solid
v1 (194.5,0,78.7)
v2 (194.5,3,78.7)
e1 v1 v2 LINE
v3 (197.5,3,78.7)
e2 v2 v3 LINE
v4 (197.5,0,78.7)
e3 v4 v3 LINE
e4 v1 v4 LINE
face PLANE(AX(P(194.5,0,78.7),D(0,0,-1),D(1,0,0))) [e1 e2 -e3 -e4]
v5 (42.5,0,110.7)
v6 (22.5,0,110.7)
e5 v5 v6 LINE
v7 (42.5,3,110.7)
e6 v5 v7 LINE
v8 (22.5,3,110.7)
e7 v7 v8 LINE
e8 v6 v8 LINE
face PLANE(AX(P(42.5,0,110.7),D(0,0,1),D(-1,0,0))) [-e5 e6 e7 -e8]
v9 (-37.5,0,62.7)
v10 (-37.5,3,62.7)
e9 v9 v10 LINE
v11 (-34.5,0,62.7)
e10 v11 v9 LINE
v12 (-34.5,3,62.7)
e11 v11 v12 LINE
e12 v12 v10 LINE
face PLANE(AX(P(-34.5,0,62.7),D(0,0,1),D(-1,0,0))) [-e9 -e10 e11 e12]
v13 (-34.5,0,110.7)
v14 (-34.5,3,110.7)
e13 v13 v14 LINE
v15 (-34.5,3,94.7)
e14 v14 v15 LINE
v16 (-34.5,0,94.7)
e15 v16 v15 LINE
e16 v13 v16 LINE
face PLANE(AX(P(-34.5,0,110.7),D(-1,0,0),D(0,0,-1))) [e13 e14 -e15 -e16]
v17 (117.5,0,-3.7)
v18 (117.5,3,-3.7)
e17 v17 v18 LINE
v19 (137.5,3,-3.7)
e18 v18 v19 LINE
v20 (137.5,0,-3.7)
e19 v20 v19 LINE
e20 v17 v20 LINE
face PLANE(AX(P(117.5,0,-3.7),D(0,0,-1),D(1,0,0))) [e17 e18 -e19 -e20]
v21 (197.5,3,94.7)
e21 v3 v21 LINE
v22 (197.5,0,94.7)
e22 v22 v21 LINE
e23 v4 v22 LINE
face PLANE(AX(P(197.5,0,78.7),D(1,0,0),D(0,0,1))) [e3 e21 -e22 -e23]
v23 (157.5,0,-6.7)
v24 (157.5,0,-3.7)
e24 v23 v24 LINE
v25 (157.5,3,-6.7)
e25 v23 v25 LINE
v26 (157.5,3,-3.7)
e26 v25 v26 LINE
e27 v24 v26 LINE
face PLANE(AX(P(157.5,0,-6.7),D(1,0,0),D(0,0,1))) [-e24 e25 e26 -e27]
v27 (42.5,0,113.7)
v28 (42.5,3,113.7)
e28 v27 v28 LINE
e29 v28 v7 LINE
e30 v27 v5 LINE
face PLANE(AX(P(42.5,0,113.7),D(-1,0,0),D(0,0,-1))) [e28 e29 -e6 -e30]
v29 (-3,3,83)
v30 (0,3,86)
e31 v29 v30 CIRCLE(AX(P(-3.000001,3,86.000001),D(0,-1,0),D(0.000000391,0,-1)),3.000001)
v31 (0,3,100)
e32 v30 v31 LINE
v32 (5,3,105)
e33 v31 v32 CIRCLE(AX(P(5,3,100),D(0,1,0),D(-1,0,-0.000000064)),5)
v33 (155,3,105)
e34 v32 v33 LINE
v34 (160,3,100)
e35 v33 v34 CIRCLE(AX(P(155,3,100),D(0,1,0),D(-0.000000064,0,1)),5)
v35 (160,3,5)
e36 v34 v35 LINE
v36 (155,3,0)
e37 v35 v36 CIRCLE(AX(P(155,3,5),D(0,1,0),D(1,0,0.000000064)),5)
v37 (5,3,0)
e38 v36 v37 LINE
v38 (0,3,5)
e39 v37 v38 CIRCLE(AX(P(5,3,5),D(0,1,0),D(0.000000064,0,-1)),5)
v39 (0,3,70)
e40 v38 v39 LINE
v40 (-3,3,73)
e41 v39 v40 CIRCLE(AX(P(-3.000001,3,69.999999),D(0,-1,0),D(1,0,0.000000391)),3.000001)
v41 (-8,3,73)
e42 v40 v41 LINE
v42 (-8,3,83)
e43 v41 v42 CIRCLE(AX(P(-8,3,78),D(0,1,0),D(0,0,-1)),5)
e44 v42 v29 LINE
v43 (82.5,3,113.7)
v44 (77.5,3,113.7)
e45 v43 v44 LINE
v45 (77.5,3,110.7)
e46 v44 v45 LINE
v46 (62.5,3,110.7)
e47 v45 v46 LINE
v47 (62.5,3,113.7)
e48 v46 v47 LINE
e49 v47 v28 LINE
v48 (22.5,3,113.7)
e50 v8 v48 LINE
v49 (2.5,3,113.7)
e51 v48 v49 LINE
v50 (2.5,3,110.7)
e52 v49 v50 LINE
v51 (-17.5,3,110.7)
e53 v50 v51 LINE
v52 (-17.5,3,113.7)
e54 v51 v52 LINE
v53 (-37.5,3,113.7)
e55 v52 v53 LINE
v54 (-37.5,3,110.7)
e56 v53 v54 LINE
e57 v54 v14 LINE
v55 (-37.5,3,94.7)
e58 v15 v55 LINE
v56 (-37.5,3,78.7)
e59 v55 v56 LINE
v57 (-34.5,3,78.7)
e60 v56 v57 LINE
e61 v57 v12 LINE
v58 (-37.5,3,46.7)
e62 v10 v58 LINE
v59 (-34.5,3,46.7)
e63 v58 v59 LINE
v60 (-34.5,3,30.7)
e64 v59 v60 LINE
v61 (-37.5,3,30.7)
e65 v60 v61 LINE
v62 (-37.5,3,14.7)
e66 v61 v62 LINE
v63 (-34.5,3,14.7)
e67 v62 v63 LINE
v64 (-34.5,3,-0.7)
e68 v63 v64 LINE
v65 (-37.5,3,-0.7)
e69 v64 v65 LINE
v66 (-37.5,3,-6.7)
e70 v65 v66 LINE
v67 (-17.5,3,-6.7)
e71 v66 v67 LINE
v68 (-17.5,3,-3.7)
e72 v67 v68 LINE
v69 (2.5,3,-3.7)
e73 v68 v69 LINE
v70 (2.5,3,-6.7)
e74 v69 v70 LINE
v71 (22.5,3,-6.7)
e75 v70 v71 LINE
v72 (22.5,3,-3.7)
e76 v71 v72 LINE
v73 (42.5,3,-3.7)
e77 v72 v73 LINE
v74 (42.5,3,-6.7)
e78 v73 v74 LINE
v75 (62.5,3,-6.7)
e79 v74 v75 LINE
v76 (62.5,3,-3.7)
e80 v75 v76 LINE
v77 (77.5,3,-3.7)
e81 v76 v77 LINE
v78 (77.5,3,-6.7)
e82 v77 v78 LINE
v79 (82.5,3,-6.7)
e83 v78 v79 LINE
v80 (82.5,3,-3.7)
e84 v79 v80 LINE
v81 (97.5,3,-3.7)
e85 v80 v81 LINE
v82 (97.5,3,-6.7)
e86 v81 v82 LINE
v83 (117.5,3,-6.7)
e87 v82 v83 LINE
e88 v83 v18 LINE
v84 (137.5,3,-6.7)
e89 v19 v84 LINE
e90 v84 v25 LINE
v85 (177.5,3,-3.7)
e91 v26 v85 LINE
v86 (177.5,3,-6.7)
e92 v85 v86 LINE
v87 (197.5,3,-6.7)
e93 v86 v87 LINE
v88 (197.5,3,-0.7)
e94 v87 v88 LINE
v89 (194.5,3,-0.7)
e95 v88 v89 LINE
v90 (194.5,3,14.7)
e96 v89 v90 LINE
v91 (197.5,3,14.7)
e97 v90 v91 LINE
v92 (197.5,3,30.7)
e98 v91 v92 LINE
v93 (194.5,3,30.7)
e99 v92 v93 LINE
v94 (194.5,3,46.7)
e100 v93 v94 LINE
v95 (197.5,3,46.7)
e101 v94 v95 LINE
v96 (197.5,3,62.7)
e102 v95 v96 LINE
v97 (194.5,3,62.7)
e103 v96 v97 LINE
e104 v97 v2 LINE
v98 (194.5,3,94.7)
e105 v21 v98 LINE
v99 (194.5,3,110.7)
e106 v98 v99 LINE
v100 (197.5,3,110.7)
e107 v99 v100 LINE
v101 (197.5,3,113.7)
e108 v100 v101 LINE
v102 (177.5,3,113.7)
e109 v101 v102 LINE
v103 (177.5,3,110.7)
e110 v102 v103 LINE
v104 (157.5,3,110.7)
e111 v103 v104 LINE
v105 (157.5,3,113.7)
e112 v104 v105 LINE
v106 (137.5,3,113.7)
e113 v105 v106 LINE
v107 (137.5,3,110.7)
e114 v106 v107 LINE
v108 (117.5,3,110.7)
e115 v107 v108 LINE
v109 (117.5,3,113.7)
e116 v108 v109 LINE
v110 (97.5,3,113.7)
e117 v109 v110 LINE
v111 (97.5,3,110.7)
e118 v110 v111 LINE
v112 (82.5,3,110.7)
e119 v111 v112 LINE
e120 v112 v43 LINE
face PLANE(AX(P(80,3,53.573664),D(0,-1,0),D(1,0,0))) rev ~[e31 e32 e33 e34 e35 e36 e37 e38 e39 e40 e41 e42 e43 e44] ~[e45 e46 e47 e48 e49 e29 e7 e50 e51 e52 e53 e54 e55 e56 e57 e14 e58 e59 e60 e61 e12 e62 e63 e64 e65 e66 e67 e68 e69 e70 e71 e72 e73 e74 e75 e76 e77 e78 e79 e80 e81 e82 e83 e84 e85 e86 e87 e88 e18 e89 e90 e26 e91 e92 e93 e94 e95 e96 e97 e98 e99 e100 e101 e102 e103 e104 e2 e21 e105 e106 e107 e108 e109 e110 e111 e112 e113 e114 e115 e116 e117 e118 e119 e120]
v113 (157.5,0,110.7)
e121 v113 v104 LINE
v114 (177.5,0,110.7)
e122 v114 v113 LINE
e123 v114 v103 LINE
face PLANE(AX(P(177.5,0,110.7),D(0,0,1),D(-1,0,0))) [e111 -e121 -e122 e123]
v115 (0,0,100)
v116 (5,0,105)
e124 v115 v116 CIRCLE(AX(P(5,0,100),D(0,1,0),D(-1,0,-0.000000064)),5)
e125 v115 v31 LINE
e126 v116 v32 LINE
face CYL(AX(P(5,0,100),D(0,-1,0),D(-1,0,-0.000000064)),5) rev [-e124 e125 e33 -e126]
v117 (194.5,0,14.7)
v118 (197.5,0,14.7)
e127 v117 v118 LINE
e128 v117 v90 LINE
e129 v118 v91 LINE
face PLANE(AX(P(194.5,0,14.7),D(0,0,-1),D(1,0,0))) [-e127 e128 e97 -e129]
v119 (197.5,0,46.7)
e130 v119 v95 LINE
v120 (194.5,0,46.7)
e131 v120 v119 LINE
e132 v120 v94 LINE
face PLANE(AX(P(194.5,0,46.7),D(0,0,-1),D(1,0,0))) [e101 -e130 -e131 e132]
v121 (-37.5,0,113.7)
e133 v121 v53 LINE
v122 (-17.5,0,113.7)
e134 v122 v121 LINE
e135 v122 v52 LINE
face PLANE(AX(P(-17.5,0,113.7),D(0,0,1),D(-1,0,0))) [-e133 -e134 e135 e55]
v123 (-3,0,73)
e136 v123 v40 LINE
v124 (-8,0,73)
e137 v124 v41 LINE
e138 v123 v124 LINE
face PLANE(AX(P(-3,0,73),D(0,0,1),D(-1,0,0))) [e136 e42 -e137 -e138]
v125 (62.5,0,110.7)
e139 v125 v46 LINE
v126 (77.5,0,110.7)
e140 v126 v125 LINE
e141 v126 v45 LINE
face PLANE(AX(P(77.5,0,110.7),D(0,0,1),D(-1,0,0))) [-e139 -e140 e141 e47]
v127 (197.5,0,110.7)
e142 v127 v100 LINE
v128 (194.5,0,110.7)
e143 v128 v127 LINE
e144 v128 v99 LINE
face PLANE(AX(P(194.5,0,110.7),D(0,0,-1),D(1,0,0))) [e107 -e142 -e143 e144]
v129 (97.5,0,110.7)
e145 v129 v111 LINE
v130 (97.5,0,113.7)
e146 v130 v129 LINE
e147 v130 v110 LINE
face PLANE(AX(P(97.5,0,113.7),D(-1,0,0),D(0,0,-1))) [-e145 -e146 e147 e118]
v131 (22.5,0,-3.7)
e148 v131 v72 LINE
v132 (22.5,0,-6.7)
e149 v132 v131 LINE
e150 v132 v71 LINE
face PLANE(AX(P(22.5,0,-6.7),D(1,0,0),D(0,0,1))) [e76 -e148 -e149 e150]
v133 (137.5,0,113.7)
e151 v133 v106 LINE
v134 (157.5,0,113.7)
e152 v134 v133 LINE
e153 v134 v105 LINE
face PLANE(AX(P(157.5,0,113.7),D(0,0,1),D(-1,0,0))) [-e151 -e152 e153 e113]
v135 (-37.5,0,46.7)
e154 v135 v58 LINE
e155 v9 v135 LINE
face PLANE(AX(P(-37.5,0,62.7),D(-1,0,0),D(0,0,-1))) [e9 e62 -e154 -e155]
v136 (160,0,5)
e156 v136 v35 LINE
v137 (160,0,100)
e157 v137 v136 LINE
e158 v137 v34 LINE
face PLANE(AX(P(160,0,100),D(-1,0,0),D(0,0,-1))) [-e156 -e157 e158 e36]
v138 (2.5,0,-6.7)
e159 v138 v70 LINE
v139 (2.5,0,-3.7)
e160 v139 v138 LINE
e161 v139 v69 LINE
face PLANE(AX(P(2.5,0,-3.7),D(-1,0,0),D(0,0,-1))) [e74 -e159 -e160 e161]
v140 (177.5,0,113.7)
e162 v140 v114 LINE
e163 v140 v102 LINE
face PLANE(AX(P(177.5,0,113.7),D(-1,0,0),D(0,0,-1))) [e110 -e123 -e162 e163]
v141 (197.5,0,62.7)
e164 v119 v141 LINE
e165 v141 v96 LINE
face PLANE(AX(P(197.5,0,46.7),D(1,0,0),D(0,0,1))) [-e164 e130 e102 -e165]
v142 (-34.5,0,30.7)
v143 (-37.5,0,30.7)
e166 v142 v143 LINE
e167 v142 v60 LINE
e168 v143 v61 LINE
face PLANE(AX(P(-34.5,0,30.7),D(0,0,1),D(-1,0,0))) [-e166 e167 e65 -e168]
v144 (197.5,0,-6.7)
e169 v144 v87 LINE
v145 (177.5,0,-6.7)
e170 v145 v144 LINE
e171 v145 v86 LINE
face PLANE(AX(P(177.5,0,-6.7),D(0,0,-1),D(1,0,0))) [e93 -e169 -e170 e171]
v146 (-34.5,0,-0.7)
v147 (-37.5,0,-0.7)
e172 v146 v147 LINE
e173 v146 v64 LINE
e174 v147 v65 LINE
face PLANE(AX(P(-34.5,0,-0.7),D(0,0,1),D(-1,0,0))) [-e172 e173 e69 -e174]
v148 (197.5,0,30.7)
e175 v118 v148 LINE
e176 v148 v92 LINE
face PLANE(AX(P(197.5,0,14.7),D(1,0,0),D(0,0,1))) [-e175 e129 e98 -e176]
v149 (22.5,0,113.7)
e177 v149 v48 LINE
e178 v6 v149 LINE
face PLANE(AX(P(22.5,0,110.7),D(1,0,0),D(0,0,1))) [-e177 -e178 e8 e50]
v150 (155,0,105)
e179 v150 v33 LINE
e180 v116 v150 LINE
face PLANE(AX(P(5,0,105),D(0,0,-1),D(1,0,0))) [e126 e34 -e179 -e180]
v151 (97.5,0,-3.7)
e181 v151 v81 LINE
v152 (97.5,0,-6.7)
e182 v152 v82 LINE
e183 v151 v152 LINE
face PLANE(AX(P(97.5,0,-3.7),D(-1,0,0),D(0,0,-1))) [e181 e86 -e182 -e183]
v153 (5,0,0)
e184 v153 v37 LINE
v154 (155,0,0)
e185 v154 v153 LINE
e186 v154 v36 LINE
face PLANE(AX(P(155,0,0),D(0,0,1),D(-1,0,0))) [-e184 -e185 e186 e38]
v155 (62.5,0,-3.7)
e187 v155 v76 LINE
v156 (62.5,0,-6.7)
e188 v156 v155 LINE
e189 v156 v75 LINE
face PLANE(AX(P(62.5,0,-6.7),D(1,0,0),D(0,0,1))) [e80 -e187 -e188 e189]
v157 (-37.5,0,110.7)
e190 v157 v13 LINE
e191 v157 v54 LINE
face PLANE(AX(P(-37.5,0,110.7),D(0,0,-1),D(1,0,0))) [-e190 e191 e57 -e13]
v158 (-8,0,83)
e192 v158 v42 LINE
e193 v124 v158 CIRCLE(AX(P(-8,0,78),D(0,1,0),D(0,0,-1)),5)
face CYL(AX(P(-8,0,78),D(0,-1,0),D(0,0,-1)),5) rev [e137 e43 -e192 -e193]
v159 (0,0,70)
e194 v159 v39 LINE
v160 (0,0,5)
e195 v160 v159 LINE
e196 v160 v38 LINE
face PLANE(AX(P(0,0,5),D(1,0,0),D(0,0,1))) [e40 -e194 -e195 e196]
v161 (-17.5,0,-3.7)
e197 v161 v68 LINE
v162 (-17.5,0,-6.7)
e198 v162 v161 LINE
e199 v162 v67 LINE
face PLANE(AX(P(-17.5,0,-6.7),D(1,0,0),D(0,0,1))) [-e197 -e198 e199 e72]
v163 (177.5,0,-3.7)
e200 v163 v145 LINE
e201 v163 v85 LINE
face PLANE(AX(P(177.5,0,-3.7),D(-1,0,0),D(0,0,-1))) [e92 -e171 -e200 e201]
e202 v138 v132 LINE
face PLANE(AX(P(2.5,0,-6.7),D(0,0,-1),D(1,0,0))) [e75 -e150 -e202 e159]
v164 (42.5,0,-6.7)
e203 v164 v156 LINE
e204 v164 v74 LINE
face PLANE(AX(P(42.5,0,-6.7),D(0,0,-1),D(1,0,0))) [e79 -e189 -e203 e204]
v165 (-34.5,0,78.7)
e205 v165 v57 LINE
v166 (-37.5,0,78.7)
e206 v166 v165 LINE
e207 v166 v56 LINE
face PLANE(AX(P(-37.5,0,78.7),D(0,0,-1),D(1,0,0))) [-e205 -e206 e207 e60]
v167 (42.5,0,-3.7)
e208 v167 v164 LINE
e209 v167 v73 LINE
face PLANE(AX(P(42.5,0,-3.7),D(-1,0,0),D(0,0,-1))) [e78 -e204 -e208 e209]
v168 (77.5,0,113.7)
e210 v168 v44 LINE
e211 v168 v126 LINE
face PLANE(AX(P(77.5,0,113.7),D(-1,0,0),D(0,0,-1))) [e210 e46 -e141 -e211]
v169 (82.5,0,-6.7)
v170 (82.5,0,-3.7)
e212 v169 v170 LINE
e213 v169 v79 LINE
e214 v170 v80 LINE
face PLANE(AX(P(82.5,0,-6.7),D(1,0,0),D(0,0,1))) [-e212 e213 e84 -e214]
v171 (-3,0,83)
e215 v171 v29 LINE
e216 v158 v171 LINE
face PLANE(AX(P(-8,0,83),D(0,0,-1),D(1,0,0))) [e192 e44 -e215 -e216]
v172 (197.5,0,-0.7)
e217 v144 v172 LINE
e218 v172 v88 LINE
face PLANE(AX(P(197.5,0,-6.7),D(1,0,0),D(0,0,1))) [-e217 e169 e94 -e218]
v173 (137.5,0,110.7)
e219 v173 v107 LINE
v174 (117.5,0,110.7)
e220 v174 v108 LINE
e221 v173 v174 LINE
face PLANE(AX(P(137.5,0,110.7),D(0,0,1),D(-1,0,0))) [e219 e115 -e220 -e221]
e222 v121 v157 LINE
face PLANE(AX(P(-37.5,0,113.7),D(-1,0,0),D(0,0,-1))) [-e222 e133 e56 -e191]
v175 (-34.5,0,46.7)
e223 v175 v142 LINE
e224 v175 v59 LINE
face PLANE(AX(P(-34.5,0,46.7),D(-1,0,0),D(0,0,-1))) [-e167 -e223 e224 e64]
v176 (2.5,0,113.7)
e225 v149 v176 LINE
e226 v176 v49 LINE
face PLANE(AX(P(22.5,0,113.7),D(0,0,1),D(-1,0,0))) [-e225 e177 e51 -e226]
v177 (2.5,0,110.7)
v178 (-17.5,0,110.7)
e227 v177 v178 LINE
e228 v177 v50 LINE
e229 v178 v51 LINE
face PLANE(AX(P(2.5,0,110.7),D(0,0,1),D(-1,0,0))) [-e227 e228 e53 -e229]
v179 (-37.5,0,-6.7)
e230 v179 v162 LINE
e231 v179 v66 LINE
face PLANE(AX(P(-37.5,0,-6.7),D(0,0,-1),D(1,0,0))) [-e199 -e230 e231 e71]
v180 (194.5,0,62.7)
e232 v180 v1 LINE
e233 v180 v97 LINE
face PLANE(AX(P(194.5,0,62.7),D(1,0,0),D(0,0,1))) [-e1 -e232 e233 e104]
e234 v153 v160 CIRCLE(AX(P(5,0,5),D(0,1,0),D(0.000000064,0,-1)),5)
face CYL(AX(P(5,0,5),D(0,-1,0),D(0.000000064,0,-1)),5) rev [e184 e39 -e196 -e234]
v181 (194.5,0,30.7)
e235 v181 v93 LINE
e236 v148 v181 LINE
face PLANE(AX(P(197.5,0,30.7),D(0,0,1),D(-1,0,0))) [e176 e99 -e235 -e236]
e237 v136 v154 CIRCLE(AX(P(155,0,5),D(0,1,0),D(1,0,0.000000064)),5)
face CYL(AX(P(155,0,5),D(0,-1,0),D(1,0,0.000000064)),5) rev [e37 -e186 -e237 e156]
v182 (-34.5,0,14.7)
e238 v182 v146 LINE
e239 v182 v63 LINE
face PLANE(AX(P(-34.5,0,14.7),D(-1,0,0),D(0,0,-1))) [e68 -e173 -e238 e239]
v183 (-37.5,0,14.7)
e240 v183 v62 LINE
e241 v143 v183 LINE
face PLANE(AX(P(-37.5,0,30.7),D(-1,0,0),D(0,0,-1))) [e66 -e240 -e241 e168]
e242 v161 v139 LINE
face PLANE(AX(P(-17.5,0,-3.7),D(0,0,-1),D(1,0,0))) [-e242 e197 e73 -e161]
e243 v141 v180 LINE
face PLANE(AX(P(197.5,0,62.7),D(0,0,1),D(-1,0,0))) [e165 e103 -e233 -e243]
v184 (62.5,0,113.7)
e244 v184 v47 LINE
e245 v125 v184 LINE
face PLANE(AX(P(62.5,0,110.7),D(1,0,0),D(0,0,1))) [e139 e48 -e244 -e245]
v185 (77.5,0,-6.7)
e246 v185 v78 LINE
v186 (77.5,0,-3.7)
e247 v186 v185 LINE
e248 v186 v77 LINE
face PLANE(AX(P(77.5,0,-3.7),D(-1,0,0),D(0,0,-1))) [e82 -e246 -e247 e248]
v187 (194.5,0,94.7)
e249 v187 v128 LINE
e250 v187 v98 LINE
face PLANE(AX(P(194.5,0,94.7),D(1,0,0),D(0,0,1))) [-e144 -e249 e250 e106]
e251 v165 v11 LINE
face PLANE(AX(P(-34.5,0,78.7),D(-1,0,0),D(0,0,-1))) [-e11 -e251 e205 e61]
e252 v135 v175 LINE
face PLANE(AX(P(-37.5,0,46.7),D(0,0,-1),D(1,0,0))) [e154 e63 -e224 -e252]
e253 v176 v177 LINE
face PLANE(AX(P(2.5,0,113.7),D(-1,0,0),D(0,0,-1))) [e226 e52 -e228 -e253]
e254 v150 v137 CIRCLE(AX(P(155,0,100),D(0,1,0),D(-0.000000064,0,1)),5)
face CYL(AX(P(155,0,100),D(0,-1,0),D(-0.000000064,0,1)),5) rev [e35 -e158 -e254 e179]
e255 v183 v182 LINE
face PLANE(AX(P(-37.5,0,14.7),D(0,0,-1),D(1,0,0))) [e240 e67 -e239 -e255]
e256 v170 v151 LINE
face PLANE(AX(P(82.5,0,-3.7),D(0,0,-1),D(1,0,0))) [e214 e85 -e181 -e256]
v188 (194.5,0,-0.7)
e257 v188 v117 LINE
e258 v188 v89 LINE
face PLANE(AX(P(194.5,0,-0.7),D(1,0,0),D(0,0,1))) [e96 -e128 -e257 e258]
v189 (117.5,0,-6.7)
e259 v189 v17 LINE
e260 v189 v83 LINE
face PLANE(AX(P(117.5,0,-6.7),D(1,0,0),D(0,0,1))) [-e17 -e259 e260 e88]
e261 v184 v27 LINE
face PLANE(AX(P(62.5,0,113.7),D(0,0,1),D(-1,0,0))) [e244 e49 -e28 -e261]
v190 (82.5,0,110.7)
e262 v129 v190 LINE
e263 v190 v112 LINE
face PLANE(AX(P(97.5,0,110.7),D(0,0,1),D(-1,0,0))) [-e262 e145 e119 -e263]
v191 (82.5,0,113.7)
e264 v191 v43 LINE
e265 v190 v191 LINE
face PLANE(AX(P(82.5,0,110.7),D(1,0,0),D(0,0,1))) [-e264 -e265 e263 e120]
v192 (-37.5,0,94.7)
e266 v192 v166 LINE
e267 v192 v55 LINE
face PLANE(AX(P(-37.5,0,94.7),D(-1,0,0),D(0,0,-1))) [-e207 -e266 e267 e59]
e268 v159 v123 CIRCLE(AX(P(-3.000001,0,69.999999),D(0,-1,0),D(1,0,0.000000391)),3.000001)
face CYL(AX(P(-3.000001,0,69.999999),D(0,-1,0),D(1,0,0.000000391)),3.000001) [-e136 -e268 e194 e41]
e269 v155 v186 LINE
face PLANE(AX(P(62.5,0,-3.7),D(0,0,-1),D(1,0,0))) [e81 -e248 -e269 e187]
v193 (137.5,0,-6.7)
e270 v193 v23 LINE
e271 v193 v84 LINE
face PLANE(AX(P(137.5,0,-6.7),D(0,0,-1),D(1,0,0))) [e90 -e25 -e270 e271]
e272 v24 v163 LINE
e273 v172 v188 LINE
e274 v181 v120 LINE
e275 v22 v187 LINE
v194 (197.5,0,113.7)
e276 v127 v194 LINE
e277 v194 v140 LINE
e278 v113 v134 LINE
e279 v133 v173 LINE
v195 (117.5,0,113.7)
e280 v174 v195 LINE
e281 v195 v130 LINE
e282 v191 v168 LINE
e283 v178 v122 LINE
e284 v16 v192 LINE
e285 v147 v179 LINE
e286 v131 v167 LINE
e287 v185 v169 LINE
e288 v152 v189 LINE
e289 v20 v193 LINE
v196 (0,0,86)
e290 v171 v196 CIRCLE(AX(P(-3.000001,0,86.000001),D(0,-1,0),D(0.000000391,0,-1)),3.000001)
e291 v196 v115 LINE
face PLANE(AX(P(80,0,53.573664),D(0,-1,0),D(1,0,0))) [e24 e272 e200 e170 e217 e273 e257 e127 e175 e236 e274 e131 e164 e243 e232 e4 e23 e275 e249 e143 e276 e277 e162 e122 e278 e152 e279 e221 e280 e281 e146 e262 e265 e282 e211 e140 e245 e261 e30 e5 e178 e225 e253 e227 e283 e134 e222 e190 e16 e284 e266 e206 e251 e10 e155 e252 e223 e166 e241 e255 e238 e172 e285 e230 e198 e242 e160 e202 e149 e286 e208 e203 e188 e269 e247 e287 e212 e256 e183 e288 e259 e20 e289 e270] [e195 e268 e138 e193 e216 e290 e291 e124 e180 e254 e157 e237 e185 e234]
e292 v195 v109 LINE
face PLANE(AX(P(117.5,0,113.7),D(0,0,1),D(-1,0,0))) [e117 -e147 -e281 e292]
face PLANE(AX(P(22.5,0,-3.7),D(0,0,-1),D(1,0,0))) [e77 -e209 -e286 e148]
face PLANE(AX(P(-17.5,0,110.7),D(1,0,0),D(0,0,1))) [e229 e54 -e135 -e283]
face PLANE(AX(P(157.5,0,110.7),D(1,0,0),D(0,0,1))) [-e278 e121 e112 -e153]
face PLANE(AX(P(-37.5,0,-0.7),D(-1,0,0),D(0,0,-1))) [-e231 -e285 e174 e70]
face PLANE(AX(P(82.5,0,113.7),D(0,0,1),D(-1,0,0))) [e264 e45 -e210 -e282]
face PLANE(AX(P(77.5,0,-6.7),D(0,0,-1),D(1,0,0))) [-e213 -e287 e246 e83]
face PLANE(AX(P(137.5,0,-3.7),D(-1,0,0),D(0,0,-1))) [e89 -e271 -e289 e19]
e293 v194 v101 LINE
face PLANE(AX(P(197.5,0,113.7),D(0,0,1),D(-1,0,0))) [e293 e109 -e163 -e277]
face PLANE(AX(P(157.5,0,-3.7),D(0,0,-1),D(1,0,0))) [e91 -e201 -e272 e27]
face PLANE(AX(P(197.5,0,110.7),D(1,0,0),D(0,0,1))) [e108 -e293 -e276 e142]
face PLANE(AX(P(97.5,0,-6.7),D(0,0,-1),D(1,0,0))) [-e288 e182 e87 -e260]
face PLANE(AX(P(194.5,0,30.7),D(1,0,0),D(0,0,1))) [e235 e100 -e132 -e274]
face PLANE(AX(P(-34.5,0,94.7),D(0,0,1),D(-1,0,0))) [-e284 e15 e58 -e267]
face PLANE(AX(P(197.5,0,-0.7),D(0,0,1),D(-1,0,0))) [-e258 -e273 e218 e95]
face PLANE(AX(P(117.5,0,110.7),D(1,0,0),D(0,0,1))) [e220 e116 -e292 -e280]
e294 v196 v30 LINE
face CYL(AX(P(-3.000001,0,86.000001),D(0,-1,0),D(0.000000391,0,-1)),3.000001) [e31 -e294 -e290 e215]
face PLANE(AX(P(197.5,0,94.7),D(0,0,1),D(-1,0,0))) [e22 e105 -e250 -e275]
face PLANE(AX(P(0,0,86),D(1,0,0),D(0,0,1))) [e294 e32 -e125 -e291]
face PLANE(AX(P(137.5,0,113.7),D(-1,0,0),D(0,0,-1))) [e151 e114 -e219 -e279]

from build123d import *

# Parameters (mm, degrees)
F1_DEPTH = 3


with BuildPart() as f1:
    # F0 (on Front) → F1 (new body)
    with BuildSketch(Plane.XZ):
        Polygon((-17.5, 110.7), (-17.5, 113.7), (-37.5, 113.7), (-37.5, 110.7), (-34.5, 110.7), (-34.5, 94.7), (-37.5, 94.7), (-37.5, 78.7), (-34.5, 78.7), (-34.5, 62.7), (-37.5, 62.7), (-37.5, 46.7), (-34.5, 46.7), (-34.5, 30.7), (-37.5, 30.7), (-37.5, 14.7), (-34.5, 14.7), (-34.5, -0.7), (-37.5, -0.7), (-37.5, -6.7), (-17.5, -6.7), (-17.5, -3.7), (2.5, -3.7), (2.5, -6.7), (22.5, -6.7), (22.5, -3.7), (42.5, -3.7), (42.5, -6.7), (62.5, -6.7), (62.5, -3.7), (77.5, -3.7), (77.5, -6.7), (82.5, -6.7), (82.5, -3.7), (97.5, -3.7), (97.5, -6.7), (117.5, -6.7), (117.5, -3.7), (137.5, -3.7), (137.5, -6.7), (157.5, -6.7), (157.5, -3.7), (177.5, -3.7), (177.5, -6.7), (197.5, -6.7), (197.5, -0.7), (194.5, -0.7), (194.5, 14.7), (197.5, 14.7), (197.5, 30.7), (194.5, 30.7), (194.5, 46.7), (197.5, 46.7), (197.5, 62.7), (194.5, 62.7), (194.5, 78.7), (197.5, 78.7), (197.5, 94.7), (194.5, 94.7), (194.5, 110.7), (197.5, 110.7), (197.5, 113.7), (177.5, 113.7), (177.5, 110.7), (157.5, 110.7), (157.5, 113.7), (137.5, 113.7), (137.5, 110.7), (117.5, 110.7), (117.5, 113.7), (97.5, 113.7), (97.5, 110.7), (82.5, 110.7), (82.5, 113.7), (77.5, 113.7), (77.5, 110.7), (62.5, 110.7), (62.5, 113.7), (42.5, 113.7), (42.5, 110.7), (22.5, 110.7), (22.5, 113.7), (2.5, 113.7), (2.5, 110.7), align=None)
        with BuildLine():
            Line((155, 0), (5, 0))
            ThreePointArc((5, 0), (1.464466, 1.464466), (0, 5))
            Line((0, 5), (0, 70))
            ThreePointArc((0, 70), (-0.87868, 72.12132), (-3, 73))
            Line((-3, 73), (-8, 73))
            ThreePointArc((-8, 73), (-13, 78), (-8, 83))
            Line((-8, 83), (-3, 83))
            ThreePointArc((-3, 83), (-0.87868, 83.87868), (0, 86))
            Line((0, 86), (0, 100))
            ThreePointArc((0, 100), (1.464466, 103.535534), (5, 105))
            Line((5, 105), (155, 105))
            ThreePointArc((155, 105), (158.535534, 103.535534), (160, 100))
            Line((160, 100), (160, 5))
            ThreePointArc((160, 5), (158.535534, 1.464466), (155, 0))
        make_face(mode=Mode.SUBTRACT)
    extrude(amount=-F1_DEPTH)


solid = f1.part
